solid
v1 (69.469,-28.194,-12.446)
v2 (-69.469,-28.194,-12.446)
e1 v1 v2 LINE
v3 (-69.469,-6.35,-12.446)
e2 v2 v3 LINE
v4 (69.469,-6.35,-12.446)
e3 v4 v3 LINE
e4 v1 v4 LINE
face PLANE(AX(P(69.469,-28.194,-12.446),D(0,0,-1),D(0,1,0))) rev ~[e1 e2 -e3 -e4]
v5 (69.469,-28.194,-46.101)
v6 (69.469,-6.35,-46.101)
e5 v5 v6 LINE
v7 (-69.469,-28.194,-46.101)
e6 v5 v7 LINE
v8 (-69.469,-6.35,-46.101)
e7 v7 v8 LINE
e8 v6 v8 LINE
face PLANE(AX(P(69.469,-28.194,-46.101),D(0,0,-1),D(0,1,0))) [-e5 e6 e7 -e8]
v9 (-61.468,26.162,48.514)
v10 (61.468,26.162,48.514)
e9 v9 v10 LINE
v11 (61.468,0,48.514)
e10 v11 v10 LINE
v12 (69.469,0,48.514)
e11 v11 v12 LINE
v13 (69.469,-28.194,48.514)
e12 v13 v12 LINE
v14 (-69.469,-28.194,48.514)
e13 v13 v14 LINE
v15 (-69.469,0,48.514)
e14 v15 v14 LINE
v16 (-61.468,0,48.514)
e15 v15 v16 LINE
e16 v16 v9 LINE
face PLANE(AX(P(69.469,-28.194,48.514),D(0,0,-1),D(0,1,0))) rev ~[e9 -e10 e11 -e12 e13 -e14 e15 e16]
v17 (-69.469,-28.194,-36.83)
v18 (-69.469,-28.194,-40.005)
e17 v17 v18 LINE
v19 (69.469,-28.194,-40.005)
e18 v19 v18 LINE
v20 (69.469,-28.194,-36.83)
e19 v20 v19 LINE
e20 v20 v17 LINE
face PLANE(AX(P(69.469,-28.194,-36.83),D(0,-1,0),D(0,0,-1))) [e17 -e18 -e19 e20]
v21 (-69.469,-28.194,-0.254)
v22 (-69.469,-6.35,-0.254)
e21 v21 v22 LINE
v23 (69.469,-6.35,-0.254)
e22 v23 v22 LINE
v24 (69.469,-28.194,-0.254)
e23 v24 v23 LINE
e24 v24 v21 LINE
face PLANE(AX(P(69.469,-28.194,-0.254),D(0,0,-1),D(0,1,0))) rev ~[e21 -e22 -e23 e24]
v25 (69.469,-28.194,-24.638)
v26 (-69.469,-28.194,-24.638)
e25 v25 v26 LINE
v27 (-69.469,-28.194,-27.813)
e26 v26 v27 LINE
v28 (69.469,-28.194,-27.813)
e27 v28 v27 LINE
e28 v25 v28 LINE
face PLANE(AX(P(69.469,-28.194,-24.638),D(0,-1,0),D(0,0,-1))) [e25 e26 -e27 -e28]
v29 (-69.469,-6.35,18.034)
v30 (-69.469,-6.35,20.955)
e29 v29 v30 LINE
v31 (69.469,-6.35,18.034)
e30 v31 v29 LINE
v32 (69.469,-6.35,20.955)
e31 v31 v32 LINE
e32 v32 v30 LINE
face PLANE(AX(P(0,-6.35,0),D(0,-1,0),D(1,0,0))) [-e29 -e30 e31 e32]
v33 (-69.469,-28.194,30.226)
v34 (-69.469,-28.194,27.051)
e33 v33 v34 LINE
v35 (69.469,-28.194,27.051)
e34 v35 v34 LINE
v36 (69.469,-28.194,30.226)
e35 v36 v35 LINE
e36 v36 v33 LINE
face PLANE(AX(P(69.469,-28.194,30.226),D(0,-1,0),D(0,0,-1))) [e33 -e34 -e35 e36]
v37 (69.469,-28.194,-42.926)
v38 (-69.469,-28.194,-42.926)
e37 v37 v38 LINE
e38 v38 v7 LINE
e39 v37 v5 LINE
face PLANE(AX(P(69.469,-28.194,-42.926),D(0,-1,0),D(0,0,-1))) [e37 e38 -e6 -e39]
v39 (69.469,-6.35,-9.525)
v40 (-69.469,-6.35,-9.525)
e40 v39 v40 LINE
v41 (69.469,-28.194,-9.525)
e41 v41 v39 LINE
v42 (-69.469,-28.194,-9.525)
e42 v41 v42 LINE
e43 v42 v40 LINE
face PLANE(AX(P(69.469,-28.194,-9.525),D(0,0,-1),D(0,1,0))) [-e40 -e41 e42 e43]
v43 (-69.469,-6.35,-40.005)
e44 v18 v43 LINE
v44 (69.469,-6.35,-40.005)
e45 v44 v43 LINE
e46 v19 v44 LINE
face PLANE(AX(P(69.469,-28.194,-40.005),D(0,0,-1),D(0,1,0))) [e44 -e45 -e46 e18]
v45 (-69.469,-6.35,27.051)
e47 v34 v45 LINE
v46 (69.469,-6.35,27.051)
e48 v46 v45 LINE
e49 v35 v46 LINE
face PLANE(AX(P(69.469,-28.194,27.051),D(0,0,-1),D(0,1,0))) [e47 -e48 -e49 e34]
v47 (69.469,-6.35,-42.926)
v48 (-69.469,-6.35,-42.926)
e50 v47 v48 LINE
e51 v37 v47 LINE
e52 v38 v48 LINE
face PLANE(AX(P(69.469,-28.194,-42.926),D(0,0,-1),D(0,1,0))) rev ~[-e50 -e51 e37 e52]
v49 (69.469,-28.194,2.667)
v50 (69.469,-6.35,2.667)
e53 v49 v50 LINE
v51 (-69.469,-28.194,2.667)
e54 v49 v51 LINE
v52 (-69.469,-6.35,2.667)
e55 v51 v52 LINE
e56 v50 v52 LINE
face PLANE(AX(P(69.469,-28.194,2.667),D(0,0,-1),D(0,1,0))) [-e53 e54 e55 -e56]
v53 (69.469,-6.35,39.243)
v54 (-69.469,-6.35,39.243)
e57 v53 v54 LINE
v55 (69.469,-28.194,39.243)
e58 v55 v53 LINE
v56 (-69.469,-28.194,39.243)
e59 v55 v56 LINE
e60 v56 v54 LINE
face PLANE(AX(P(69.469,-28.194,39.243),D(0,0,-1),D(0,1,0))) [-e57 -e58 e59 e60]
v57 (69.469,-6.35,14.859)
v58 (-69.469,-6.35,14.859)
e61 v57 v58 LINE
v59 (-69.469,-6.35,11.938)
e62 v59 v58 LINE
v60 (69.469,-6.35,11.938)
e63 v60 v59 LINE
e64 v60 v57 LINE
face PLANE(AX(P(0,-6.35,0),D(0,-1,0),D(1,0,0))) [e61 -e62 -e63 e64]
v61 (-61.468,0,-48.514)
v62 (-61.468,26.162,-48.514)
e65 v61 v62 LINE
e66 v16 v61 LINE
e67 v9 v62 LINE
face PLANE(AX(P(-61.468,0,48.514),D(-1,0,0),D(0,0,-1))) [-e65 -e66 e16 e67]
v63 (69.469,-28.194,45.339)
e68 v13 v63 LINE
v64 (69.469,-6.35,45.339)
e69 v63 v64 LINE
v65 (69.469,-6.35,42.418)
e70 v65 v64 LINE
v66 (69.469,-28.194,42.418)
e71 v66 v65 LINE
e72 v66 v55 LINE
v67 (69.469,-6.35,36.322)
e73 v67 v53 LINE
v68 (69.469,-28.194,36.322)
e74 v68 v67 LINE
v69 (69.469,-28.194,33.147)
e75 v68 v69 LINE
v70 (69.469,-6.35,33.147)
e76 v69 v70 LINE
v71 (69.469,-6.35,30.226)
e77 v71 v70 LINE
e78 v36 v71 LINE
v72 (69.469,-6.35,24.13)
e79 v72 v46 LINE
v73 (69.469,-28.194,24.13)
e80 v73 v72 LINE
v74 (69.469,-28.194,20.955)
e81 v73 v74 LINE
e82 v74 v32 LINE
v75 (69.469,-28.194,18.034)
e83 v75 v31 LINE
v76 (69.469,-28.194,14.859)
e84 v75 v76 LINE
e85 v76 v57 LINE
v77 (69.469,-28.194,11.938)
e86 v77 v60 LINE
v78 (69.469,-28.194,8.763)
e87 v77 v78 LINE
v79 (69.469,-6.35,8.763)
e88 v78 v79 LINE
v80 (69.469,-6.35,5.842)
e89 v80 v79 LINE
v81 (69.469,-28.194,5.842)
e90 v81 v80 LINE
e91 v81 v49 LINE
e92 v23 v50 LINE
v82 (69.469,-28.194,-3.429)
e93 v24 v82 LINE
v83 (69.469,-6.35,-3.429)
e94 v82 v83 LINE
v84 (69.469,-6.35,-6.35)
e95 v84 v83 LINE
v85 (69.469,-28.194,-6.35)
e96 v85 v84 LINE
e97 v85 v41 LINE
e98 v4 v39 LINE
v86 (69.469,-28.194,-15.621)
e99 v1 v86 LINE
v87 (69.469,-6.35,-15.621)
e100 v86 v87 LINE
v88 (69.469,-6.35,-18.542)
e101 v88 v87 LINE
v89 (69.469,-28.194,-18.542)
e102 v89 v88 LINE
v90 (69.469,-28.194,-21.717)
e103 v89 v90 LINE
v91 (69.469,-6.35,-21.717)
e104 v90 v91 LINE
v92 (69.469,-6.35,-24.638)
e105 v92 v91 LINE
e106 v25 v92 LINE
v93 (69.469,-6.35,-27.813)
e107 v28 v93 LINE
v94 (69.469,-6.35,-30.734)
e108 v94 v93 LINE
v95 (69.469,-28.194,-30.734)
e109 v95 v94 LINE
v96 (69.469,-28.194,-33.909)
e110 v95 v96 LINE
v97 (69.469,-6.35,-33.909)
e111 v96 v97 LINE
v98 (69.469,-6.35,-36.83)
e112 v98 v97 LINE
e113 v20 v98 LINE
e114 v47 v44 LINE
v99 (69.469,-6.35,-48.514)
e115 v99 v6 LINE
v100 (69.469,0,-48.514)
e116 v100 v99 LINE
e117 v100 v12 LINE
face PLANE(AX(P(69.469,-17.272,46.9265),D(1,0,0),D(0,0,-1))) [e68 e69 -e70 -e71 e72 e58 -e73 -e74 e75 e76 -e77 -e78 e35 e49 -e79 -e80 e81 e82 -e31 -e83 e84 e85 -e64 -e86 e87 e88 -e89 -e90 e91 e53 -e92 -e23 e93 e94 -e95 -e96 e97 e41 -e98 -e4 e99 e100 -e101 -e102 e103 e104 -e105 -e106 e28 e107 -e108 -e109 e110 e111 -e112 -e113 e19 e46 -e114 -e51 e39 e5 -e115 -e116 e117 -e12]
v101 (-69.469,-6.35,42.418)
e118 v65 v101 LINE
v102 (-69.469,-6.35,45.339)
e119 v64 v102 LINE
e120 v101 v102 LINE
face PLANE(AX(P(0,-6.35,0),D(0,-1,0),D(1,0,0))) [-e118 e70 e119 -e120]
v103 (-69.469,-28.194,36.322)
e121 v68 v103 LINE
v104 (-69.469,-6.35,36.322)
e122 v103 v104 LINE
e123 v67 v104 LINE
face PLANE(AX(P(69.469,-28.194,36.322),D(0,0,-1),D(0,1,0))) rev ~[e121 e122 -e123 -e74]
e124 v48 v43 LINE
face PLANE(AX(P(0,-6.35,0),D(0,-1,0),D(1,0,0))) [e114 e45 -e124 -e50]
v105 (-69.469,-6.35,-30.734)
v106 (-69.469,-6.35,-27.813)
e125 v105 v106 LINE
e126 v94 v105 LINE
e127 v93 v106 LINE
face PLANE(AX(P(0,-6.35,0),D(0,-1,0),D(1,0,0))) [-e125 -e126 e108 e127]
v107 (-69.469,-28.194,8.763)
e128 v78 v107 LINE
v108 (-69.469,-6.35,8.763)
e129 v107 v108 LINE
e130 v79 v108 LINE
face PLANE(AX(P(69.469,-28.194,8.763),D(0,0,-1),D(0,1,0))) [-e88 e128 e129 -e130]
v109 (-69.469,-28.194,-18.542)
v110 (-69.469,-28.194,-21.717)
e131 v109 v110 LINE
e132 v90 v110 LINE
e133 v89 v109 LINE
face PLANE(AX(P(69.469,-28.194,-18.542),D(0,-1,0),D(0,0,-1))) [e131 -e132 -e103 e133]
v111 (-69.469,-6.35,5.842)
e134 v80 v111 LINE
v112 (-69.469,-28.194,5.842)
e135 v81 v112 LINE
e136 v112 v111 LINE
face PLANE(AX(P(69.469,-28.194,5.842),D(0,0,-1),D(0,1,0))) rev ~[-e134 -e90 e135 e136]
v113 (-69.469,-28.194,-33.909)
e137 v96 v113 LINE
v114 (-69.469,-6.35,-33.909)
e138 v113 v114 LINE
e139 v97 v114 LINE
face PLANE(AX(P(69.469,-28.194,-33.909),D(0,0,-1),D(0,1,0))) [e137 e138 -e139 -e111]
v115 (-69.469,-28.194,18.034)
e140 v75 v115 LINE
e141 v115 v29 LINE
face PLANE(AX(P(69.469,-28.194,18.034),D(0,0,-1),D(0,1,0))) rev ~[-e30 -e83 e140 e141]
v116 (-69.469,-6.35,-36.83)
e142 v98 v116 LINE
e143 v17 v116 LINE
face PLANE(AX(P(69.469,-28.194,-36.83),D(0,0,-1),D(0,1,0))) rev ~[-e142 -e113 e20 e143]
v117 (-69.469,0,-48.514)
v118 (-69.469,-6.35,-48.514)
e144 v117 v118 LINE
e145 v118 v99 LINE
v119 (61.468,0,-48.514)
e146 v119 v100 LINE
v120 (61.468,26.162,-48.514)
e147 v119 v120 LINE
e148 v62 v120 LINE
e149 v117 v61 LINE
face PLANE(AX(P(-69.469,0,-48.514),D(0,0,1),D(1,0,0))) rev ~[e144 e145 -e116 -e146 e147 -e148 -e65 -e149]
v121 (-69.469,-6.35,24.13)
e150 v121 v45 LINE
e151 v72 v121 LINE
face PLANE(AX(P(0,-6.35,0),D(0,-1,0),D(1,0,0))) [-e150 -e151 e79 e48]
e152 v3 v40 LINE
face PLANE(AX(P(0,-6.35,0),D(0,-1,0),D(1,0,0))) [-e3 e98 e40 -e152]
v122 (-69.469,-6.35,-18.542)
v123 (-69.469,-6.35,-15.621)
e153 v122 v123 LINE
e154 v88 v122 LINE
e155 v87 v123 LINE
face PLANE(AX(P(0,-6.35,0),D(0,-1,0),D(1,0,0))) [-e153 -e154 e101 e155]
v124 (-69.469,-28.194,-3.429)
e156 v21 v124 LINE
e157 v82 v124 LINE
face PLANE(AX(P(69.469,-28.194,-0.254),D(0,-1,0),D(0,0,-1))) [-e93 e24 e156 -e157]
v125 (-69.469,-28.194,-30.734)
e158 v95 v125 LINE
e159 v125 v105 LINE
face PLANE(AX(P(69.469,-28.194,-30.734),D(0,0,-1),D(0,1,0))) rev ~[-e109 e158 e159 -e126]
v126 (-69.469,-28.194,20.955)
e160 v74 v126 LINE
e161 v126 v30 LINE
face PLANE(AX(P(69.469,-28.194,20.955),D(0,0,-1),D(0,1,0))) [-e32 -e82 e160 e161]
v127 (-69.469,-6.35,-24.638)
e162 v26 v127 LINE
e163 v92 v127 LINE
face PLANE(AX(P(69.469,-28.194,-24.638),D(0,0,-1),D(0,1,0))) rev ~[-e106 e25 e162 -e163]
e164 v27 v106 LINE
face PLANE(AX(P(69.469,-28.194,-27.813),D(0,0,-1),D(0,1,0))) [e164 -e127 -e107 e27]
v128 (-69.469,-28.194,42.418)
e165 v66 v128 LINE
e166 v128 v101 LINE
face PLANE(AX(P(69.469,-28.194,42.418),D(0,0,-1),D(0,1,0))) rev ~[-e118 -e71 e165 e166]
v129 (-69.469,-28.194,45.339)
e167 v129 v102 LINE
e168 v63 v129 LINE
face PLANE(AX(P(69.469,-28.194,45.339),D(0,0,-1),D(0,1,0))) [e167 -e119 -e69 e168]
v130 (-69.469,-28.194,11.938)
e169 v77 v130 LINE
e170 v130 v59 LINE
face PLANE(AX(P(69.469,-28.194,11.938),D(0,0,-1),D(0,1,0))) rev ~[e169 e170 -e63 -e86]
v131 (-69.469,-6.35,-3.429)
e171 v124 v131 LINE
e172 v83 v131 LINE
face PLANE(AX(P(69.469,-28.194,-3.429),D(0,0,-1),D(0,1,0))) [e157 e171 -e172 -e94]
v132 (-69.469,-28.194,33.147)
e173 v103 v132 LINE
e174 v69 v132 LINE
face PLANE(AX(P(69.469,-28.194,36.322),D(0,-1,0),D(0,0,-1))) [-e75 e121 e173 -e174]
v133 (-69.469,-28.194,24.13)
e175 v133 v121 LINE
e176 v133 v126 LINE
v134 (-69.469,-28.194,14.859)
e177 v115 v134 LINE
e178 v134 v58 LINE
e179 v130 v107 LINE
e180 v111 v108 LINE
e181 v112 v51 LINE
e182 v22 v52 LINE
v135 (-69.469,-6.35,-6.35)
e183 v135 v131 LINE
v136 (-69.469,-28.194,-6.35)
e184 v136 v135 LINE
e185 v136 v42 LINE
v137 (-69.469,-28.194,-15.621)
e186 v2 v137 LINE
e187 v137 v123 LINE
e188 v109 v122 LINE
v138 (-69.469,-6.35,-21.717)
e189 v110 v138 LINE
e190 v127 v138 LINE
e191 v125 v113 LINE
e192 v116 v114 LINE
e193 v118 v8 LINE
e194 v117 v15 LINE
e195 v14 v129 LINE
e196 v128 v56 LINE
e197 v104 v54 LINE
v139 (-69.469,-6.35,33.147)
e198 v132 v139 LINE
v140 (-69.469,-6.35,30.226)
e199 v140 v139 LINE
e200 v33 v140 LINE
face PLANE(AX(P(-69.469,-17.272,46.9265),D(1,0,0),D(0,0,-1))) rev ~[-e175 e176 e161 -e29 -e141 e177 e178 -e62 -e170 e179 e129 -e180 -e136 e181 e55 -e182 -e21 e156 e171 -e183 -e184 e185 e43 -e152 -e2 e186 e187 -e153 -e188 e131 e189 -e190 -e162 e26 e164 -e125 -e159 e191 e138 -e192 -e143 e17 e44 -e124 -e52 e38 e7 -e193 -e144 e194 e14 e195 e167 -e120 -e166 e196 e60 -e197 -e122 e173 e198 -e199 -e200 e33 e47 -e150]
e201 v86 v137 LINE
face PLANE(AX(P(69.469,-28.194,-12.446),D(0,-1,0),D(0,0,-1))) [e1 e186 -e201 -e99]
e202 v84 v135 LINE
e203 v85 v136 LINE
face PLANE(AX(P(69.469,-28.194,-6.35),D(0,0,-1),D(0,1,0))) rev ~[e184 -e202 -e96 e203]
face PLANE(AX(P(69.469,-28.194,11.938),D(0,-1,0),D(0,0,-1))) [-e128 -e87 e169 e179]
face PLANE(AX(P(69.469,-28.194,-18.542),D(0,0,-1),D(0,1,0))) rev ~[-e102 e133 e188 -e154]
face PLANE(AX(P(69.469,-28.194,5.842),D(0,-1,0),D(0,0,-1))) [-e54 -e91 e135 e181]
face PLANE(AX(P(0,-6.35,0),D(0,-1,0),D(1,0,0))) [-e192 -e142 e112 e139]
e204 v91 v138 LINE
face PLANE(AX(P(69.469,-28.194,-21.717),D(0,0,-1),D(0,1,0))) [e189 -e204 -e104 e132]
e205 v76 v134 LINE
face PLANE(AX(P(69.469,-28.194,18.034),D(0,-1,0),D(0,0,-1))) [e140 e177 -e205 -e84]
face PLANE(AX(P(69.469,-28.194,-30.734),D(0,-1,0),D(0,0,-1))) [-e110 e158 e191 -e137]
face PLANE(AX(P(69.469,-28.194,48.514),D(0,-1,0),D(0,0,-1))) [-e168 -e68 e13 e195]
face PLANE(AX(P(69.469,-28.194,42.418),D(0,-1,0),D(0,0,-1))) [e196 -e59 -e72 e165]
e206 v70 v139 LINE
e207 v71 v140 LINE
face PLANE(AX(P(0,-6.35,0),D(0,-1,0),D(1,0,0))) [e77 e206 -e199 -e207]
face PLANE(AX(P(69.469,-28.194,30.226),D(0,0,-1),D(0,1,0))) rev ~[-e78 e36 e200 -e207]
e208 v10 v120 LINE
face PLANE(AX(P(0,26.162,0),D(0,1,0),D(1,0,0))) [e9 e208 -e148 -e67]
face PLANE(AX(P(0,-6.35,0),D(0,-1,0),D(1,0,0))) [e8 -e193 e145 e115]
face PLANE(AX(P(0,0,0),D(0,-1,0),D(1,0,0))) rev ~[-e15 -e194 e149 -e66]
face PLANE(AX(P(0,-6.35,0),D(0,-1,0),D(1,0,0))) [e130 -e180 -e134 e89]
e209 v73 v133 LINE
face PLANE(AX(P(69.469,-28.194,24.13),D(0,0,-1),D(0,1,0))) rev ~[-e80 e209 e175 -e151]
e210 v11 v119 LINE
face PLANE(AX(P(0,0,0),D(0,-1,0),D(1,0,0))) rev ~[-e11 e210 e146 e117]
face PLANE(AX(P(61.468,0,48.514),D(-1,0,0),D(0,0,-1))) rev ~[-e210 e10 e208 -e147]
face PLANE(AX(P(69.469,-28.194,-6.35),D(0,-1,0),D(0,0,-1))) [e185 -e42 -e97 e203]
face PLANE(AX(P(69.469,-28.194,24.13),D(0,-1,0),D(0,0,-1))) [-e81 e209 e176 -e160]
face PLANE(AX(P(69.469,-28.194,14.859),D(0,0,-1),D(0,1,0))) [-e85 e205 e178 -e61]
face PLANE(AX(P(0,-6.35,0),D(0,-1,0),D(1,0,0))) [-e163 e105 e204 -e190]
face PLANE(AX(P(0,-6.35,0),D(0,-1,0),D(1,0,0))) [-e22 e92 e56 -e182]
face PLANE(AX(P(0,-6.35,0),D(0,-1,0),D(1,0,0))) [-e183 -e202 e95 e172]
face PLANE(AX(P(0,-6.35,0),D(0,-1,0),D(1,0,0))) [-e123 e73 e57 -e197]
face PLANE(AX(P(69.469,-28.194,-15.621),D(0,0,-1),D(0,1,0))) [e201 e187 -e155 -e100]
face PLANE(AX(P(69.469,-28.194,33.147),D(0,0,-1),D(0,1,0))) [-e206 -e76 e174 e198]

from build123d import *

# Parameters (mm, degrees)
SKETCH1_W           = 122.936
SKETCH1_H           = 97.028
BOSS_EXTRUDE1_DEPTH = 26.162
SKETCH2_W           = 138.938
SKETCH2_H           = 97.028
BOSS_EXTRUDE2_DEPTH = 6.35
SKETCH3_W           = 3.175
SKETCH3_H           = 21.844
BOSS_EXTRUDE3_DEPTH = 138.938


with BuildPart() as part:
    # Sketch1 → Boss-Extrude1 (new body)
    with BuildSketch(Plane(origin=(0, 0, 0), x_dir=(1, 0, 0), z_dir=(0, 1, 0))):
        Rectangle(SKETCH1_W, SKETCH1_H)
    extrude(amount=BOSS_EXTRUDE1_DEPTH)

    # Sketch2 → Boss-Extrude2 (add)
    with BuildSketch(Plane.XZ):
        Rectangle(SKETCH2_W, SKETCH2_H)
    extrude(amount=BOSS_EXTRUDE2_DEPTH)

    # Sketch3 → Boss-Extrude3 (add, through all)
    with BuildSketch(Plane(origin=(69.469, 0, 0), x_dir=(0, 0, -1), z_dir=(1, 0, 0))):
        with Locations((-40.8305, -17.272)):
            Rectangle(SKETCH3_W, SKETCH3_H)
        with Locations((-46.9265, -17.272)):
            Rectangle(SKETCH3_W, SKETCH3_H)
        with Locations((-34.7345, -17.272)):
            Rectangle(SKETCH3_W, SKETCH3_H)
        with Locations((-28.6385, -17.272)):
            Rectangle(SKETCH3_W, SKETCH3_H)
        with Locations((-22.5425, -17.272)):
            Rectangle(SKETCH3_W, SKETCH3_H)
        with Locations((-16.4465, -17.272)):
            Rectangle(SKETCH3_W, SKETCH3_H)
        with Locations((-10.3505, -17.272)):
            Rectangle(SKETCH3_W, SKETCH3_H)
        with Locations((-4.2545, -17.272)):
            Rectangle(SKETCH3_W, SKETCH3_H)
        with Locations((1.8415, -17.272)):
            Rectangle(SKETCH3_W, SKETCH3_H)
        with Locations((7.9375, -17.272)):
            Rectangle(SKETCH3_W, SKETCH3_H)
        with Locations((14.0335, -17.272)):
            Rectangle(SKETCH3_W, SKETCH3_H)
        with Locations((20.1295, -17.272)):
            Rectangle(SKETCH3_W, SKETCH3_H)
        with Locations((26.2255, -17.272)):
            Rectangle(SKETCH3_W, SKETCH3_H)
        with Locations((32.3215, -17.272)):
            Rectangle(SKETCH3_W, SKETCH3_H)
        with Locations((38.4175, -17.272)):
            Rectangle(SKETCH3_W, SKETCH3_H)
        with Locations((44.5135, -17.272)):
            Rectangle(SKETCH3_W, SKETCH3_H)
    extrude(amount=-BOSS_EXTRUDE3_DEPTH)


solid = part.part
